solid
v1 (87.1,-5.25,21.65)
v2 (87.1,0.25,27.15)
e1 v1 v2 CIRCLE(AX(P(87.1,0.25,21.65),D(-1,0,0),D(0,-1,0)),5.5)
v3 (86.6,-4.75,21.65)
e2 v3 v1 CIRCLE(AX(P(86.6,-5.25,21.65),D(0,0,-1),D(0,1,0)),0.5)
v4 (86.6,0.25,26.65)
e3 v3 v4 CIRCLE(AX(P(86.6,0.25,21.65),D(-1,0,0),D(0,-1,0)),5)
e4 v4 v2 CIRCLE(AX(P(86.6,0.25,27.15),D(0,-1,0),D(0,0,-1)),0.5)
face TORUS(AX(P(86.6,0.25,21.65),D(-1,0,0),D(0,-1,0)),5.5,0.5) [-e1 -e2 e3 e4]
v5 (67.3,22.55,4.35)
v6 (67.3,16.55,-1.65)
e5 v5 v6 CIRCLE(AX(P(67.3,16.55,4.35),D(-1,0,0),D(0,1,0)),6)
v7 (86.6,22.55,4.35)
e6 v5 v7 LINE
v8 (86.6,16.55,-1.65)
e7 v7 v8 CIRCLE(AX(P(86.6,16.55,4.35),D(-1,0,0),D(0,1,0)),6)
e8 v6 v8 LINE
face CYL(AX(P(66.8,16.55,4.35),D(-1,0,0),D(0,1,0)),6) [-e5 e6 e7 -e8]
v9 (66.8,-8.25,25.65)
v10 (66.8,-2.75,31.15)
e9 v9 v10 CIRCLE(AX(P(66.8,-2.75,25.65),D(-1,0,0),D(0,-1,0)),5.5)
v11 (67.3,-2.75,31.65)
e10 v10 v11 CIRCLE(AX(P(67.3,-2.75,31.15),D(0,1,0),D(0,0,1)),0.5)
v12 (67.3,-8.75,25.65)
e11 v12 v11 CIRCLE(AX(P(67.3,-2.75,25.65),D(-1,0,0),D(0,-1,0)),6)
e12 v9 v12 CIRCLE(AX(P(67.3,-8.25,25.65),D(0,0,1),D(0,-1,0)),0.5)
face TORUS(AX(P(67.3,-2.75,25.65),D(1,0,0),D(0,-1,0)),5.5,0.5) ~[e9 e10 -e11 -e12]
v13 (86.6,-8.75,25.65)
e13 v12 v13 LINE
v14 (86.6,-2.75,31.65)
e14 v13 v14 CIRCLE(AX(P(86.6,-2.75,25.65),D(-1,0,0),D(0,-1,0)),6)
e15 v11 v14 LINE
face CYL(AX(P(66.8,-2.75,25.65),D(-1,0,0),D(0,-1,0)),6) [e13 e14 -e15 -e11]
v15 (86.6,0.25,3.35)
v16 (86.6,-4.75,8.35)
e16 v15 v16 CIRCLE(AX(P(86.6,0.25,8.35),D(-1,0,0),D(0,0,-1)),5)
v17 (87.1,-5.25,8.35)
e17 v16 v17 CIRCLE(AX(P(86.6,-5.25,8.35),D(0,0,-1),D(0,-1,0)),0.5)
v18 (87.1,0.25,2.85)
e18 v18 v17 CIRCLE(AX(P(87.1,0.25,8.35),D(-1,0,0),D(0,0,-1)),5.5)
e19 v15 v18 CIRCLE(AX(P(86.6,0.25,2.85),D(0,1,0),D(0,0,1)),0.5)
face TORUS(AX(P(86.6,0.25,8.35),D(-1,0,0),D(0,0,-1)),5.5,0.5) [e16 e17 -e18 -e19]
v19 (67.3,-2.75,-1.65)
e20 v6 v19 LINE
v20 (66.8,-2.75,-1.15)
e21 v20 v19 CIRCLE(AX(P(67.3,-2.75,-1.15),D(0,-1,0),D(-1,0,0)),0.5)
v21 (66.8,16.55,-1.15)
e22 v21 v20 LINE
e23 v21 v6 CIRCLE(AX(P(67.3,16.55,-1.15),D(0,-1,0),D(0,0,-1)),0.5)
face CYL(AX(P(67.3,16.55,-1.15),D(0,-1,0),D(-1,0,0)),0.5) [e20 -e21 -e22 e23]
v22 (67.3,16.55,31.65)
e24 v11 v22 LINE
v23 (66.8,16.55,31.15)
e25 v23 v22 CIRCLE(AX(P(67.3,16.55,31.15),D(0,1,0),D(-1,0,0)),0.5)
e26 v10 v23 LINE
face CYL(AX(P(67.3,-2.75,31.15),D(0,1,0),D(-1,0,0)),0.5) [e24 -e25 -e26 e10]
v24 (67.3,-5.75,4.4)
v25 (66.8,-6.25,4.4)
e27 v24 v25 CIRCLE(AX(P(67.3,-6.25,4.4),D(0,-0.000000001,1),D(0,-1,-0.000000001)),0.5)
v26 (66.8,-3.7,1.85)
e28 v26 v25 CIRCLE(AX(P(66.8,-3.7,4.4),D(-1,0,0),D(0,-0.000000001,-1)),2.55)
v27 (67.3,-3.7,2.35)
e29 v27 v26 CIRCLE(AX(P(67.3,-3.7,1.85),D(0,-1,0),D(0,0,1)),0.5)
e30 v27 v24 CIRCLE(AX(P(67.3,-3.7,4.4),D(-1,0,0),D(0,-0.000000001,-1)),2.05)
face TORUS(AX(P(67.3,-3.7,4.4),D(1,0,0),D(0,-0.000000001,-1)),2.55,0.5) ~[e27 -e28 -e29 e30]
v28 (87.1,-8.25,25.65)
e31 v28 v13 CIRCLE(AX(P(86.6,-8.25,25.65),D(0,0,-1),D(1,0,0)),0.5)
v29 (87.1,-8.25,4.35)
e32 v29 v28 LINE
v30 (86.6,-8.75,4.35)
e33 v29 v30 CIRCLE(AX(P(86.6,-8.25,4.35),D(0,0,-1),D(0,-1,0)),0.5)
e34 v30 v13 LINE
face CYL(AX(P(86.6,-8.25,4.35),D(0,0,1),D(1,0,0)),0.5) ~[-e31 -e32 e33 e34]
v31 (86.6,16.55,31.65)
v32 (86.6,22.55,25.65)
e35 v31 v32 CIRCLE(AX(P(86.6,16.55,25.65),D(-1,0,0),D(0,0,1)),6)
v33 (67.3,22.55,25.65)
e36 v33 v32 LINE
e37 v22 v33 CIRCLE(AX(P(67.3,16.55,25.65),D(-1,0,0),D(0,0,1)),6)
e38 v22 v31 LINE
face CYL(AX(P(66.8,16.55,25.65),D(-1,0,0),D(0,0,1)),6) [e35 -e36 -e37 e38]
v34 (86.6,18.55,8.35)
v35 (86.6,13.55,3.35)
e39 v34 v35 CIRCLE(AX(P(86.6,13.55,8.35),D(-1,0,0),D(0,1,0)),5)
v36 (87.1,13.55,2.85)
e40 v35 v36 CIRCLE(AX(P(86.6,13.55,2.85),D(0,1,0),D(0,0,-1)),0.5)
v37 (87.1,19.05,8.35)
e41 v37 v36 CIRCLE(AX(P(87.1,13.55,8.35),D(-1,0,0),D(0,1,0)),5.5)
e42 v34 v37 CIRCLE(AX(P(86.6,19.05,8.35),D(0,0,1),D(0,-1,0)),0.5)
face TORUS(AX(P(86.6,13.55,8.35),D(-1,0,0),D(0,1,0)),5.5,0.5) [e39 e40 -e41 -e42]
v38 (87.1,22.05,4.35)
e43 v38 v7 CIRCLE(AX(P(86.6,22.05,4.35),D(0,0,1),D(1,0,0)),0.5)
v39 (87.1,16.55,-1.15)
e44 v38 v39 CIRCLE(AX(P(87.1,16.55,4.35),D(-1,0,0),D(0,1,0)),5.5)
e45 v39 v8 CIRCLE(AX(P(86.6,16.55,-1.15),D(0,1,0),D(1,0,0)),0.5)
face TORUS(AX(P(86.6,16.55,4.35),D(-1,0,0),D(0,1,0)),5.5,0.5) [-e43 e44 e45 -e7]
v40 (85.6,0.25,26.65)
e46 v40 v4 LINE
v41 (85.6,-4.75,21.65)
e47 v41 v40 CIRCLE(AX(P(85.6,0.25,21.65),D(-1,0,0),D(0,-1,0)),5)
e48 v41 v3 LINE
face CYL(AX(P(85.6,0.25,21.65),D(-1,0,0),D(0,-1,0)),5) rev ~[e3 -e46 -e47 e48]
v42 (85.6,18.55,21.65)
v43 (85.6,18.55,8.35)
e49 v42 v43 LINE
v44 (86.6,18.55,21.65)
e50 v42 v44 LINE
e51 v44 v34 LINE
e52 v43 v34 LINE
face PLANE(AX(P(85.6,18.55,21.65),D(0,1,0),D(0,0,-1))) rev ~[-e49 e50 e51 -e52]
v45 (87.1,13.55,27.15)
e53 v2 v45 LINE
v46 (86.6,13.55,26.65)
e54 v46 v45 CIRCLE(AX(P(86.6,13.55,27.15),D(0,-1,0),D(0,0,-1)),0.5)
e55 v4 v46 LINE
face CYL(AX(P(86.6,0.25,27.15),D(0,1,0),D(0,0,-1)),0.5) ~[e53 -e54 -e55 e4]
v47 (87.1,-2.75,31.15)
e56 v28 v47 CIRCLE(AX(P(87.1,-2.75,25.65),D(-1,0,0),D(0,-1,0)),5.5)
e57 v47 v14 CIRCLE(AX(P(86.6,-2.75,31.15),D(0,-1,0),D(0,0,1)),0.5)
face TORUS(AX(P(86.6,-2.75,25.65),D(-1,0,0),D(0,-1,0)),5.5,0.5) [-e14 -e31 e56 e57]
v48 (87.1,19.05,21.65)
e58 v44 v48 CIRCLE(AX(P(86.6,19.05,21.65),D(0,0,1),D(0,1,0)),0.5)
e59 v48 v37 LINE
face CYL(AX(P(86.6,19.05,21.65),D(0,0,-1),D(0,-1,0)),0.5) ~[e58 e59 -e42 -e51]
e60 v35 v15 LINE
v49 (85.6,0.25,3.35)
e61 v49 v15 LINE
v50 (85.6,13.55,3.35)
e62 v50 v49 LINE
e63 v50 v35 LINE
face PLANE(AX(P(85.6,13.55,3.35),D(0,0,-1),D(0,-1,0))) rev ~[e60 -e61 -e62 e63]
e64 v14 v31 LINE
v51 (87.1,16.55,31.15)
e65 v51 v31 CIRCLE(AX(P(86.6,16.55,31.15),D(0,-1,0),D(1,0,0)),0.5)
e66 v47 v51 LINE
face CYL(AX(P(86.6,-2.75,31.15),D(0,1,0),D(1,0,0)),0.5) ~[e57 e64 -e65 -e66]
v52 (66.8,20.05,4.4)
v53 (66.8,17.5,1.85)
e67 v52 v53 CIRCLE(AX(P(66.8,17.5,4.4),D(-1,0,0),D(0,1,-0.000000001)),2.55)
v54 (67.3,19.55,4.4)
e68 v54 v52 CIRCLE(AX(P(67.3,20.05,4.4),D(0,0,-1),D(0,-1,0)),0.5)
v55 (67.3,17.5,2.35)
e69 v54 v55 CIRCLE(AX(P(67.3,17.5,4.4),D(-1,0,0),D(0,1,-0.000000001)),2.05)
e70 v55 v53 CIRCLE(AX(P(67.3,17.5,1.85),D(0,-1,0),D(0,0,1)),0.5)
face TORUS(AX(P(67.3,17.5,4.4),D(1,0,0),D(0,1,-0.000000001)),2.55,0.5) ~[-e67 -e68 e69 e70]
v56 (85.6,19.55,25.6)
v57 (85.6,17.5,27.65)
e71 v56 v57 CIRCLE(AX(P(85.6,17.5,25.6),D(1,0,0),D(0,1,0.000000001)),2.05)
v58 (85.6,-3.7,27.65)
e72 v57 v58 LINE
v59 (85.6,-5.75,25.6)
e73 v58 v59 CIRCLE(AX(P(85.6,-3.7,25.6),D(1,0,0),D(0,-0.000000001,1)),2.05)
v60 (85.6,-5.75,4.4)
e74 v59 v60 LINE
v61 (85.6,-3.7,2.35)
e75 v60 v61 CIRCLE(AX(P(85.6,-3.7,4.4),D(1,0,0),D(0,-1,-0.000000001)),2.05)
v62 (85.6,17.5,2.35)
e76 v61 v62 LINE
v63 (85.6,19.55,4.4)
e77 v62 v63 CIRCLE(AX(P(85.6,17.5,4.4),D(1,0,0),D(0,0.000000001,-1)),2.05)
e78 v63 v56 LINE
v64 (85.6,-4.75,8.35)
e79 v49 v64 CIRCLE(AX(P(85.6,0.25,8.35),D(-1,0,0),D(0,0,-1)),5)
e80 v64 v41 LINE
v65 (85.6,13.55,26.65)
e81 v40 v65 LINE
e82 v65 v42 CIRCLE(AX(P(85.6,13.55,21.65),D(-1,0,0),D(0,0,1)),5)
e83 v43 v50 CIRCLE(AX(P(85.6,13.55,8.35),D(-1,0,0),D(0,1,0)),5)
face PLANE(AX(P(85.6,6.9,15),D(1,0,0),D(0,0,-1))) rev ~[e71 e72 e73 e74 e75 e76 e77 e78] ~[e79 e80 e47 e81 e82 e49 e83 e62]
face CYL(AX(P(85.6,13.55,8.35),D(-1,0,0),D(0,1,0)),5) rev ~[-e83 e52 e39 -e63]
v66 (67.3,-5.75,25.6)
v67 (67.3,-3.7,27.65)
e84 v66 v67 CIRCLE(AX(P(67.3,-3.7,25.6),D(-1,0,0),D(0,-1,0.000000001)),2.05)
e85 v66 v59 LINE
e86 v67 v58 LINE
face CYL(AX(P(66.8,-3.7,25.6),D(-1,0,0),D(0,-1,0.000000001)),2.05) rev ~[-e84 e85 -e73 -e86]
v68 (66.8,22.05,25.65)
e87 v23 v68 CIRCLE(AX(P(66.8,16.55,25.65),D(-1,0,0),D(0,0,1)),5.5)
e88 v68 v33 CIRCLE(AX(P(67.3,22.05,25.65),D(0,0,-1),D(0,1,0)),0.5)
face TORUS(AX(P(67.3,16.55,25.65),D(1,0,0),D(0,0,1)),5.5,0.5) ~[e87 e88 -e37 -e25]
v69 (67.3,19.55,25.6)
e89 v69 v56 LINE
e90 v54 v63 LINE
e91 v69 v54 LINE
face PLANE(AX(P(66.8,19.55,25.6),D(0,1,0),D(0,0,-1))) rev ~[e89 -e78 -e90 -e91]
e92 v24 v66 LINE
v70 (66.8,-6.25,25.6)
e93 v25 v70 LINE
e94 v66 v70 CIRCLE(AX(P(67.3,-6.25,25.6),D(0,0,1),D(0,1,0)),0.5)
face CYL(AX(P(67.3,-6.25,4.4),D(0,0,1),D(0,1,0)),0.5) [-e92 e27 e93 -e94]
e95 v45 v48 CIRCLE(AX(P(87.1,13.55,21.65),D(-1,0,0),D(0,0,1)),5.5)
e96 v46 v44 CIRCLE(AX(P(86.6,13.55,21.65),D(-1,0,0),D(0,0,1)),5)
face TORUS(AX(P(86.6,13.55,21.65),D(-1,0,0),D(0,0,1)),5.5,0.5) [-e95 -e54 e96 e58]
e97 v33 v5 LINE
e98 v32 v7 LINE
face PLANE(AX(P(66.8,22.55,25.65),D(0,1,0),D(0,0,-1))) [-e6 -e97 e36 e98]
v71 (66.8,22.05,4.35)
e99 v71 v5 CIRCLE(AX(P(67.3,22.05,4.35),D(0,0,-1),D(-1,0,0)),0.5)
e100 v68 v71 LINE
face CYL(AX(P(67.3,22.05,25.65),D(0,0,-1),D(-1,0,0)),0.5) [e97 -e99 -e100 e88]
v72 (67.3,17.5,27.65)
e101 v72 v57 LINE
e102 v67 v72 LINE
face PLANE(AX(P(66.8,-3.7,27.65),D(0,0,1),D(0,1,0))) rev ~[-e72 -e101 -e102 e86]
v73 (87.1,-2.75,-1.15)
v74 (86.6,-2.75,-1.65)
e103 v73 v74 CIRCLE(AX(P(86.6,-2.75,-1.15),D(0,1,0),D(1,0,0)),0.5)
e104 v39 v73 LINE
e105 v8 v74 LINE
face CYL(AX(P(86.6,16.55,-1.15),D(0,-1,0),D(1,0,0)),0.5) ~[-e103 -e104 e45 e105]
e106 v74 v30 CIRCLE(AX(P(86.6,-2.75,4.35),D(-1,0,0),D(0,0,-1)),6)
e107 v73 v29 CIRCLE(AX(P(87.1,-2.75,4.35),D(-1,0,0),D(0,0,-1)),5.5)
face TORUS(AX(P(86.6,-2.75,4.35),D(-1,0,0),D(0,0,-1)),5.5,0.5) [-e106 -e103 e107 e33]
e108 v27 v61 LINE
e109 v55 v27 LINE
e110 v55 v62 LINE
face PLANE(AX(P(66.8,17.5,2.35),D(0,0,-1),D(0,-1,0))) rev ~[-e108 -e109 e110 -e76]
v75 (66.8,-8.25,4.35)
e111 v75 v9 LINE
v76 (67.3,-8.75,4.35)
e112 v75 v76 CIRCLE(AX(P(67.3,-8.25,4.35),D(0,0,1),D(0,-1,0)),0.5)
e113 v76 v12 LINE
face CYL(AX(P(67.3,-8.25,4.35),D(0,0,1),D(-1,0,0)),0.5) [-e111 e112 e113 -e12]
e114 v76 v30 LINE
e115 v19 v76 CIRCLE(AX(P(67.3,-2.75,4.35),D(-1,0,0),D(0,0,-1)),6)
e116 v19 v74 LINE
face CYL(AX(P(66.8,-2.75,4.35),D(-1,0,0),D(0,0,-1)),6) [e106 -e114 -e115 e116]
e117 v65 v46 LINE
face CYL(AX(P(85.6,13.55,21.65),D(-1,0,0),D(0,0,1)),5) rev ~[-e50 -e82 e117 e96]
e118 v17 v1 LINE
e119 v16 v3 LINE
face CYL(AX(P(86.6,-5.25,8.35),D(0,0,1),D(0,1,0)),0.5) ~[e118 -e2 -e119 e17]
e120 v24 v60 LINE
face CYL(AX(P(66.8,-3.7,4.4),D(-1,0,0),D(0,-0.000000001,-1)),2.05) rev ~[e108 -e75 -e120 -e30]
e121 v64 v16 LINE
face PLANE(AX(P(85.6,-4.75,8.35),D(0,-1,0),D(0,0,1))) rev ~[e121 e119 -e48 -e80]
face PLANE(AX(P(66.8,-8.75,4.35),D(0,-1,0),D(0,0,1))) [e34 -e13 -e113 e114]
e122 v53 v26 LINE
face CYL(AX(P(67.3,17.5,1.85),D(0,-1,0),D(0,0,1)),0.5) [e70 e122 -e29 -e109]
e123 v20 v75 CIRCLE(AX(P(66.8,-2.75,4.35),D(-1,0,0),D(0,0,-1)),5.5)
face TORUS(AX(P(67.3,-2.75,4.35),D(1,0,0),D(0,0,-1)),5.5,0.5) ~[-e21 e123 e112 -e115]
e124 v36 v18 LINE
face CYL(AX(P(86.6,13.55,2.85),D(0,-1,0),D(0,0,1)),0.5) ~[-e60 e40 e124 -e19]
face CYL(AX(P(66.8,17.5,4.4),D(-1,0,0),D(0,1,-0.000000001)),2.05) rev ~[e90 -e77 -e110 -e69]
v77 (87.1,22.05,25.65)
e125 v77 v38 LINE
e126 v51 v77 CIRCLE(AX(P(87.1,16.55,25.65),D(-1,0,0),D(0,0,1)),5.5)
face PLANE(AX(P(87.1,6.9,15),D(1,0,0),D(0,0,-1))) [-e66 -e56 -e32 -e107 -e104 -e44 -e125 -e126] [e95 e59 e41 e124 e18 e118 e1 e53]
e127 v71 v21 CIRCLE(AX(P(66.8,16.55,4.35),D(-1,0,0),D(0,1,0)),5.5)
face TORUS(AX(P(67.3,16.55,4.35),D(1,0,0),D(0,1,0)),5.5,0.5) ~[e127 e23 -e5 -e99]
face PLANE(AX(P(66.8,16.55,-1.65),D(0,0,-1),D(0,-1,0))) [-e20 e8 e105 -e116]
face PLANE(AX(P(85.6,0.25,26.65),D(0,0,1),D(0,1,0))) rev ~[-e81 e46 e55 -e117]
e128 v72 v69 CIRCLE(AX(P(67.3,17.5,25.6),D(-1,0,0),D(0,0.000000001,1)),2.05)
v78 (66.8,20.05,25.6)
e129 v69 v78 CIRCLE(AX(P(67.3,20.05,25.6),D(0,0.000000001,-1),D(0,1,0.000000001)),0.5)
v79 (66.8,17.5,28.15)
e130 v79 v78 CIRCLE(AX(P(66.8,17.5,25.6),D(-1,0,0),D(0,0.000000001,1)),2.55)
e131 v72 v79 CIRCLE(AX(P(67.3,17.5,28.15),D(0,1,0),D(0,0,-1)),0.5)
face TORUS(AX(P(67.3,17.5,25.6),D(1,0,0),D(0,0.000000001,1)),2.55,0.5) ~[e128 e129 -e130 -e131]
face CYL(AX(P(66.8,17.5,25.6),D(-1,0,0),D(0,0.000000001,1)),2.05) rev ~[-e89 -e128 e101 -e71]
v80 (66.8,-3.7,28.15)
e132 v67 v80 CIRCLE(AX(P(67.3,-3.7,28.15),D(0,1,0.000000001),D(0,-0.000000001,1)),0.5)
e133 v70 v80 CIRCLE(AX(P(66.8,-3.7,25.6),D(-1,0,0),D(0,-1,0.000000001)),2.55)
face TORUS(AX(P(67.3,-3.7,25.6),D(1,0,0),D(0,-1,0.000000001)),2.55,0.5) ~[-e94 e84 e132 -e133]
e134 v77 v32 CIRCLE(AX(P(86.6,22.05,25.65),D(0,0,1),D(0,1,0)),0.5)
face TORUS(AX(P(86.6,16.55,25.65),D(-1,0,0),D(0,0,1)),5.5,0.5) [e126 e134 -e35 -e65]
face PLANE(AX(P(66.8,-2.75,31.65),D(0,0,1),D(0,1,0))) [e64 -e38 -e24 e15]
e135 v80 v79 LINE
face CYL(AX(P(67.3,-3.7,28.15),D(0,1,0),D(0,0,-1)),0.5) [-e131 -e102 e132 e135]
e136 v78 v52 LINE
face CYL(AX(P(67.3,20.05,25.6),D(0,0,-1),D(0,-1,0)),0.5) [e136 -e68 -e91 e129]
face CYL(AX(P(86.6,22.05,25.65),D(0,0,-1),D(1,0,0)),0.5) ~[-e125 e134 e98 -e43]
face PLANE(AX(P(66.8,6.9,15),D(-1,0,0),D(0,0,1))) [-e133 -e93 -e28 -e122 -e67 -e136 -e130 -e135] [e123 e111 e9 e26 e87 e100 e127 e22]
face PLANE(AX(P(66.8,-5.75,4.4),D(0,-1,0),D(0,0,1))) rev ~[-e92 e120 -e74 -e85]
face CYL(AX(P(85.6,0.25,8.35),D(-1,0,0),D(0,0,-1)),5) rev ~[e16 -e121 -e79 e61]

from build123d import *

# Parameters (mm, degrees)
BOSS_EXTRUDE1_DEPTH      = 14.5
BOSS_EXTRUDE1_DEPTH_BACK = 5.8
BOSS_EXTRUDE2_START      = 13
BOSS_EXTRUDE2_DEPTH      = 1.5
FILLET1_R                = 0.5


with BuildPart() as part:
    # Sketch1 → Boss-Extrude1 (new, two sides: drawn at the far end of the back side and taken through both)
    with BuildSketch(Plane(origin=(72.6, 0, 0), x_dir=(0, 0, -1), z_dir=(1, 0, 0)).offset(-BOSS_EXTRUDE1_DEPTH_BACK)):
        with BuildLine():
            Line((-25.65, 22.55), (-4.35, 22.55))
            ThreePointArc((-4.35, 22.55), (-0.107359313, 20.792640687), (1.65, 16.55))
            Line((1.65, 16.55), (1.65, -2.75))
            ThreePointArc((1.65, -2.75), (-0.107359313, -6.992640687), (-4.35, -8.75))
            Line((-4.35, -8.75), (-25.65, -8.75))
            ThreePointArc((-25.65, -8.75), (-29.892640687, -6.992640687), (-31.65, -2.75))
            Line((-31.65, -2.75), (-31.65, 16.55))
            ThreePointArc((-31.65, 16.55), (-29.892640687, 20.792640687), (-25.65, 22.55))
        make_face()
        with BuildLine():
            Line((-25.6, 19.55), (-4.4, 19.55))
            ThreePointArc((-4.4, 19.55), (-2.950431099, 18.949568901), (-2.35, 17.5))
            Line((-2.35, 17.5), (-2.35, -3.7))
            ThreePointArc((-2.35, -3.7), (-2.950431099, -5.149568901), (-4.4, -5.75))
            Line((-4.4, -5.75), (-25.6, -5.75))
            ThreePointArc((-25.6, -5.75), (-27.049568901, -5.149568901), (-27.65, -3.7))
            Line((-27.65, -3.7), (-27.65, 17.5))
            ThreePointArc((-27.65, 17.5), (-27.049568901, 18.949568901), (-25.6, 19.55))
        make_face(mode=Mode.SUBTRACT)
    extrude(amount=BOSS_EXTRUDE1_DEPTH + BOSS_EXTRUDE1_DEPTH_BACK)

    # Sketch1<4> → Boss-Extrude2 (add)
    with BuildSketch(Plane(origin=(72.6, 0, 0), x_dir=(0, 0, -1), z_dir=(1, 0, 0)).offset(BOSS_EXTRUDE2_START)):
        with BuildLine():
            Line((-4.4, 19.55), (-25.6, 19.55))
            ThreePointArc((-25.6, 19.55), (-27.049568901, 18.949568901), (-27.65, 17.5))
            Line((-27.65, 17.5), (-27.65, -3.7))
            ThreePointArc((-27.65, -3.7), (-27.049568901, -5.149568901), (-25.6, -5.75))
            Line((-25.6, -5.75), (-4.4, -5.75))
            ThreePointArc((-4.4, -5.75), (-2.950431099, -5.149568901), (-2.35, -3.7))
            Line((-2.35, -3.7), (-2.35, 17.5))
            ThreePointArc((-2.35, 17.5), (-2.950431099, 18.949568901), (-4.4, 19.55))
        make_face()
        with BuildLine():
            ThreePointArc((-26.65, 13.55), (-25.185533906, 17.085533906), (-21.65, 18.55))
            Line((-21.65, 18.55), (-8.35, 18.55))
            ThreePointArc((-8.35, 18.55), (-4.814466094, 17.085533906), (-3.35, 13.55))
            Line((-3.35, 13.55), (-3.35, 0.25))
            ThreePointArc((-3.35, 0.25), (-4.814466094, -3.285533906), (-8.35, -4.75))
            Line((-8.35, -4.75), (-21.65, -4.75))
            ThreePointArc((-21.65, -4.75), (-25.185533906, -3.285533906), (-26.65, 0.25))
            Line((-26.65, 0.25), (-26.65, 13.55))
        make_face(mode=Mode.SUBTRACT)
    extrude(amount=BOSS_EXTRUDE2_DEPTH)

    # Fillet1
    fillet1_edges = [part.edges().sort_by_distance(p)[0] for p in [
        (66.8, -6.992640687, 29.892640687),
        (66.8, 6.9, 2.35),
        (66.8, 19.55, 15),
        (66.8, 6.9, -1.65),
        (66.8, 18.949568901, 27.049568901),
        (66.8, 6.9, 27.65),
        (87.1, 6.9, -1.65),
        (87.1, 22.55, 15),
        (66.8, -5.149568901, 27.049568901),
        (87.1, 20.792640687, 29.892640687),
        (87.1, 6.9, 31.65),
        (87.1, -6.992640687, 29.892640687),
        (87.1, -8.75, 15),
        (87.1, -6.992640687, 0.107359313),
        (87.1, 20.792640687, 0.107359313),
        (66.8, -5.75, 15),
        (66.8, -5.149568901, 2.950431099),
        (66.8, 18.949568901, 2.950431099),
        (87.1, 6.9, 26.65),
        (87.1, -4.75, 15),
        (87.1, 17.085533906, 25.185533906),
        (87.1, 18.55, 15),
        (87.1, 17.085533906, 4.814466094),
        (87.1, 6.9, 3.35),
        (87.1, -3.285533906, 4.814466094),
        (87.1, -3.285533906, 25.185533906),
        (66.8, 22.55, 15),
        (66.8, 6.9, 31.65),
        (66.8, 20.792640687, 29.892640687),
        (66.8, 20.792640687, 0.107359313),
        (66.8, -6.992640687, 0.107359313),
        (66.8, -8.75, 15),
    ]]
    fillet(fillet1_edges, radius=FILLET1_R)


solid = part.part
